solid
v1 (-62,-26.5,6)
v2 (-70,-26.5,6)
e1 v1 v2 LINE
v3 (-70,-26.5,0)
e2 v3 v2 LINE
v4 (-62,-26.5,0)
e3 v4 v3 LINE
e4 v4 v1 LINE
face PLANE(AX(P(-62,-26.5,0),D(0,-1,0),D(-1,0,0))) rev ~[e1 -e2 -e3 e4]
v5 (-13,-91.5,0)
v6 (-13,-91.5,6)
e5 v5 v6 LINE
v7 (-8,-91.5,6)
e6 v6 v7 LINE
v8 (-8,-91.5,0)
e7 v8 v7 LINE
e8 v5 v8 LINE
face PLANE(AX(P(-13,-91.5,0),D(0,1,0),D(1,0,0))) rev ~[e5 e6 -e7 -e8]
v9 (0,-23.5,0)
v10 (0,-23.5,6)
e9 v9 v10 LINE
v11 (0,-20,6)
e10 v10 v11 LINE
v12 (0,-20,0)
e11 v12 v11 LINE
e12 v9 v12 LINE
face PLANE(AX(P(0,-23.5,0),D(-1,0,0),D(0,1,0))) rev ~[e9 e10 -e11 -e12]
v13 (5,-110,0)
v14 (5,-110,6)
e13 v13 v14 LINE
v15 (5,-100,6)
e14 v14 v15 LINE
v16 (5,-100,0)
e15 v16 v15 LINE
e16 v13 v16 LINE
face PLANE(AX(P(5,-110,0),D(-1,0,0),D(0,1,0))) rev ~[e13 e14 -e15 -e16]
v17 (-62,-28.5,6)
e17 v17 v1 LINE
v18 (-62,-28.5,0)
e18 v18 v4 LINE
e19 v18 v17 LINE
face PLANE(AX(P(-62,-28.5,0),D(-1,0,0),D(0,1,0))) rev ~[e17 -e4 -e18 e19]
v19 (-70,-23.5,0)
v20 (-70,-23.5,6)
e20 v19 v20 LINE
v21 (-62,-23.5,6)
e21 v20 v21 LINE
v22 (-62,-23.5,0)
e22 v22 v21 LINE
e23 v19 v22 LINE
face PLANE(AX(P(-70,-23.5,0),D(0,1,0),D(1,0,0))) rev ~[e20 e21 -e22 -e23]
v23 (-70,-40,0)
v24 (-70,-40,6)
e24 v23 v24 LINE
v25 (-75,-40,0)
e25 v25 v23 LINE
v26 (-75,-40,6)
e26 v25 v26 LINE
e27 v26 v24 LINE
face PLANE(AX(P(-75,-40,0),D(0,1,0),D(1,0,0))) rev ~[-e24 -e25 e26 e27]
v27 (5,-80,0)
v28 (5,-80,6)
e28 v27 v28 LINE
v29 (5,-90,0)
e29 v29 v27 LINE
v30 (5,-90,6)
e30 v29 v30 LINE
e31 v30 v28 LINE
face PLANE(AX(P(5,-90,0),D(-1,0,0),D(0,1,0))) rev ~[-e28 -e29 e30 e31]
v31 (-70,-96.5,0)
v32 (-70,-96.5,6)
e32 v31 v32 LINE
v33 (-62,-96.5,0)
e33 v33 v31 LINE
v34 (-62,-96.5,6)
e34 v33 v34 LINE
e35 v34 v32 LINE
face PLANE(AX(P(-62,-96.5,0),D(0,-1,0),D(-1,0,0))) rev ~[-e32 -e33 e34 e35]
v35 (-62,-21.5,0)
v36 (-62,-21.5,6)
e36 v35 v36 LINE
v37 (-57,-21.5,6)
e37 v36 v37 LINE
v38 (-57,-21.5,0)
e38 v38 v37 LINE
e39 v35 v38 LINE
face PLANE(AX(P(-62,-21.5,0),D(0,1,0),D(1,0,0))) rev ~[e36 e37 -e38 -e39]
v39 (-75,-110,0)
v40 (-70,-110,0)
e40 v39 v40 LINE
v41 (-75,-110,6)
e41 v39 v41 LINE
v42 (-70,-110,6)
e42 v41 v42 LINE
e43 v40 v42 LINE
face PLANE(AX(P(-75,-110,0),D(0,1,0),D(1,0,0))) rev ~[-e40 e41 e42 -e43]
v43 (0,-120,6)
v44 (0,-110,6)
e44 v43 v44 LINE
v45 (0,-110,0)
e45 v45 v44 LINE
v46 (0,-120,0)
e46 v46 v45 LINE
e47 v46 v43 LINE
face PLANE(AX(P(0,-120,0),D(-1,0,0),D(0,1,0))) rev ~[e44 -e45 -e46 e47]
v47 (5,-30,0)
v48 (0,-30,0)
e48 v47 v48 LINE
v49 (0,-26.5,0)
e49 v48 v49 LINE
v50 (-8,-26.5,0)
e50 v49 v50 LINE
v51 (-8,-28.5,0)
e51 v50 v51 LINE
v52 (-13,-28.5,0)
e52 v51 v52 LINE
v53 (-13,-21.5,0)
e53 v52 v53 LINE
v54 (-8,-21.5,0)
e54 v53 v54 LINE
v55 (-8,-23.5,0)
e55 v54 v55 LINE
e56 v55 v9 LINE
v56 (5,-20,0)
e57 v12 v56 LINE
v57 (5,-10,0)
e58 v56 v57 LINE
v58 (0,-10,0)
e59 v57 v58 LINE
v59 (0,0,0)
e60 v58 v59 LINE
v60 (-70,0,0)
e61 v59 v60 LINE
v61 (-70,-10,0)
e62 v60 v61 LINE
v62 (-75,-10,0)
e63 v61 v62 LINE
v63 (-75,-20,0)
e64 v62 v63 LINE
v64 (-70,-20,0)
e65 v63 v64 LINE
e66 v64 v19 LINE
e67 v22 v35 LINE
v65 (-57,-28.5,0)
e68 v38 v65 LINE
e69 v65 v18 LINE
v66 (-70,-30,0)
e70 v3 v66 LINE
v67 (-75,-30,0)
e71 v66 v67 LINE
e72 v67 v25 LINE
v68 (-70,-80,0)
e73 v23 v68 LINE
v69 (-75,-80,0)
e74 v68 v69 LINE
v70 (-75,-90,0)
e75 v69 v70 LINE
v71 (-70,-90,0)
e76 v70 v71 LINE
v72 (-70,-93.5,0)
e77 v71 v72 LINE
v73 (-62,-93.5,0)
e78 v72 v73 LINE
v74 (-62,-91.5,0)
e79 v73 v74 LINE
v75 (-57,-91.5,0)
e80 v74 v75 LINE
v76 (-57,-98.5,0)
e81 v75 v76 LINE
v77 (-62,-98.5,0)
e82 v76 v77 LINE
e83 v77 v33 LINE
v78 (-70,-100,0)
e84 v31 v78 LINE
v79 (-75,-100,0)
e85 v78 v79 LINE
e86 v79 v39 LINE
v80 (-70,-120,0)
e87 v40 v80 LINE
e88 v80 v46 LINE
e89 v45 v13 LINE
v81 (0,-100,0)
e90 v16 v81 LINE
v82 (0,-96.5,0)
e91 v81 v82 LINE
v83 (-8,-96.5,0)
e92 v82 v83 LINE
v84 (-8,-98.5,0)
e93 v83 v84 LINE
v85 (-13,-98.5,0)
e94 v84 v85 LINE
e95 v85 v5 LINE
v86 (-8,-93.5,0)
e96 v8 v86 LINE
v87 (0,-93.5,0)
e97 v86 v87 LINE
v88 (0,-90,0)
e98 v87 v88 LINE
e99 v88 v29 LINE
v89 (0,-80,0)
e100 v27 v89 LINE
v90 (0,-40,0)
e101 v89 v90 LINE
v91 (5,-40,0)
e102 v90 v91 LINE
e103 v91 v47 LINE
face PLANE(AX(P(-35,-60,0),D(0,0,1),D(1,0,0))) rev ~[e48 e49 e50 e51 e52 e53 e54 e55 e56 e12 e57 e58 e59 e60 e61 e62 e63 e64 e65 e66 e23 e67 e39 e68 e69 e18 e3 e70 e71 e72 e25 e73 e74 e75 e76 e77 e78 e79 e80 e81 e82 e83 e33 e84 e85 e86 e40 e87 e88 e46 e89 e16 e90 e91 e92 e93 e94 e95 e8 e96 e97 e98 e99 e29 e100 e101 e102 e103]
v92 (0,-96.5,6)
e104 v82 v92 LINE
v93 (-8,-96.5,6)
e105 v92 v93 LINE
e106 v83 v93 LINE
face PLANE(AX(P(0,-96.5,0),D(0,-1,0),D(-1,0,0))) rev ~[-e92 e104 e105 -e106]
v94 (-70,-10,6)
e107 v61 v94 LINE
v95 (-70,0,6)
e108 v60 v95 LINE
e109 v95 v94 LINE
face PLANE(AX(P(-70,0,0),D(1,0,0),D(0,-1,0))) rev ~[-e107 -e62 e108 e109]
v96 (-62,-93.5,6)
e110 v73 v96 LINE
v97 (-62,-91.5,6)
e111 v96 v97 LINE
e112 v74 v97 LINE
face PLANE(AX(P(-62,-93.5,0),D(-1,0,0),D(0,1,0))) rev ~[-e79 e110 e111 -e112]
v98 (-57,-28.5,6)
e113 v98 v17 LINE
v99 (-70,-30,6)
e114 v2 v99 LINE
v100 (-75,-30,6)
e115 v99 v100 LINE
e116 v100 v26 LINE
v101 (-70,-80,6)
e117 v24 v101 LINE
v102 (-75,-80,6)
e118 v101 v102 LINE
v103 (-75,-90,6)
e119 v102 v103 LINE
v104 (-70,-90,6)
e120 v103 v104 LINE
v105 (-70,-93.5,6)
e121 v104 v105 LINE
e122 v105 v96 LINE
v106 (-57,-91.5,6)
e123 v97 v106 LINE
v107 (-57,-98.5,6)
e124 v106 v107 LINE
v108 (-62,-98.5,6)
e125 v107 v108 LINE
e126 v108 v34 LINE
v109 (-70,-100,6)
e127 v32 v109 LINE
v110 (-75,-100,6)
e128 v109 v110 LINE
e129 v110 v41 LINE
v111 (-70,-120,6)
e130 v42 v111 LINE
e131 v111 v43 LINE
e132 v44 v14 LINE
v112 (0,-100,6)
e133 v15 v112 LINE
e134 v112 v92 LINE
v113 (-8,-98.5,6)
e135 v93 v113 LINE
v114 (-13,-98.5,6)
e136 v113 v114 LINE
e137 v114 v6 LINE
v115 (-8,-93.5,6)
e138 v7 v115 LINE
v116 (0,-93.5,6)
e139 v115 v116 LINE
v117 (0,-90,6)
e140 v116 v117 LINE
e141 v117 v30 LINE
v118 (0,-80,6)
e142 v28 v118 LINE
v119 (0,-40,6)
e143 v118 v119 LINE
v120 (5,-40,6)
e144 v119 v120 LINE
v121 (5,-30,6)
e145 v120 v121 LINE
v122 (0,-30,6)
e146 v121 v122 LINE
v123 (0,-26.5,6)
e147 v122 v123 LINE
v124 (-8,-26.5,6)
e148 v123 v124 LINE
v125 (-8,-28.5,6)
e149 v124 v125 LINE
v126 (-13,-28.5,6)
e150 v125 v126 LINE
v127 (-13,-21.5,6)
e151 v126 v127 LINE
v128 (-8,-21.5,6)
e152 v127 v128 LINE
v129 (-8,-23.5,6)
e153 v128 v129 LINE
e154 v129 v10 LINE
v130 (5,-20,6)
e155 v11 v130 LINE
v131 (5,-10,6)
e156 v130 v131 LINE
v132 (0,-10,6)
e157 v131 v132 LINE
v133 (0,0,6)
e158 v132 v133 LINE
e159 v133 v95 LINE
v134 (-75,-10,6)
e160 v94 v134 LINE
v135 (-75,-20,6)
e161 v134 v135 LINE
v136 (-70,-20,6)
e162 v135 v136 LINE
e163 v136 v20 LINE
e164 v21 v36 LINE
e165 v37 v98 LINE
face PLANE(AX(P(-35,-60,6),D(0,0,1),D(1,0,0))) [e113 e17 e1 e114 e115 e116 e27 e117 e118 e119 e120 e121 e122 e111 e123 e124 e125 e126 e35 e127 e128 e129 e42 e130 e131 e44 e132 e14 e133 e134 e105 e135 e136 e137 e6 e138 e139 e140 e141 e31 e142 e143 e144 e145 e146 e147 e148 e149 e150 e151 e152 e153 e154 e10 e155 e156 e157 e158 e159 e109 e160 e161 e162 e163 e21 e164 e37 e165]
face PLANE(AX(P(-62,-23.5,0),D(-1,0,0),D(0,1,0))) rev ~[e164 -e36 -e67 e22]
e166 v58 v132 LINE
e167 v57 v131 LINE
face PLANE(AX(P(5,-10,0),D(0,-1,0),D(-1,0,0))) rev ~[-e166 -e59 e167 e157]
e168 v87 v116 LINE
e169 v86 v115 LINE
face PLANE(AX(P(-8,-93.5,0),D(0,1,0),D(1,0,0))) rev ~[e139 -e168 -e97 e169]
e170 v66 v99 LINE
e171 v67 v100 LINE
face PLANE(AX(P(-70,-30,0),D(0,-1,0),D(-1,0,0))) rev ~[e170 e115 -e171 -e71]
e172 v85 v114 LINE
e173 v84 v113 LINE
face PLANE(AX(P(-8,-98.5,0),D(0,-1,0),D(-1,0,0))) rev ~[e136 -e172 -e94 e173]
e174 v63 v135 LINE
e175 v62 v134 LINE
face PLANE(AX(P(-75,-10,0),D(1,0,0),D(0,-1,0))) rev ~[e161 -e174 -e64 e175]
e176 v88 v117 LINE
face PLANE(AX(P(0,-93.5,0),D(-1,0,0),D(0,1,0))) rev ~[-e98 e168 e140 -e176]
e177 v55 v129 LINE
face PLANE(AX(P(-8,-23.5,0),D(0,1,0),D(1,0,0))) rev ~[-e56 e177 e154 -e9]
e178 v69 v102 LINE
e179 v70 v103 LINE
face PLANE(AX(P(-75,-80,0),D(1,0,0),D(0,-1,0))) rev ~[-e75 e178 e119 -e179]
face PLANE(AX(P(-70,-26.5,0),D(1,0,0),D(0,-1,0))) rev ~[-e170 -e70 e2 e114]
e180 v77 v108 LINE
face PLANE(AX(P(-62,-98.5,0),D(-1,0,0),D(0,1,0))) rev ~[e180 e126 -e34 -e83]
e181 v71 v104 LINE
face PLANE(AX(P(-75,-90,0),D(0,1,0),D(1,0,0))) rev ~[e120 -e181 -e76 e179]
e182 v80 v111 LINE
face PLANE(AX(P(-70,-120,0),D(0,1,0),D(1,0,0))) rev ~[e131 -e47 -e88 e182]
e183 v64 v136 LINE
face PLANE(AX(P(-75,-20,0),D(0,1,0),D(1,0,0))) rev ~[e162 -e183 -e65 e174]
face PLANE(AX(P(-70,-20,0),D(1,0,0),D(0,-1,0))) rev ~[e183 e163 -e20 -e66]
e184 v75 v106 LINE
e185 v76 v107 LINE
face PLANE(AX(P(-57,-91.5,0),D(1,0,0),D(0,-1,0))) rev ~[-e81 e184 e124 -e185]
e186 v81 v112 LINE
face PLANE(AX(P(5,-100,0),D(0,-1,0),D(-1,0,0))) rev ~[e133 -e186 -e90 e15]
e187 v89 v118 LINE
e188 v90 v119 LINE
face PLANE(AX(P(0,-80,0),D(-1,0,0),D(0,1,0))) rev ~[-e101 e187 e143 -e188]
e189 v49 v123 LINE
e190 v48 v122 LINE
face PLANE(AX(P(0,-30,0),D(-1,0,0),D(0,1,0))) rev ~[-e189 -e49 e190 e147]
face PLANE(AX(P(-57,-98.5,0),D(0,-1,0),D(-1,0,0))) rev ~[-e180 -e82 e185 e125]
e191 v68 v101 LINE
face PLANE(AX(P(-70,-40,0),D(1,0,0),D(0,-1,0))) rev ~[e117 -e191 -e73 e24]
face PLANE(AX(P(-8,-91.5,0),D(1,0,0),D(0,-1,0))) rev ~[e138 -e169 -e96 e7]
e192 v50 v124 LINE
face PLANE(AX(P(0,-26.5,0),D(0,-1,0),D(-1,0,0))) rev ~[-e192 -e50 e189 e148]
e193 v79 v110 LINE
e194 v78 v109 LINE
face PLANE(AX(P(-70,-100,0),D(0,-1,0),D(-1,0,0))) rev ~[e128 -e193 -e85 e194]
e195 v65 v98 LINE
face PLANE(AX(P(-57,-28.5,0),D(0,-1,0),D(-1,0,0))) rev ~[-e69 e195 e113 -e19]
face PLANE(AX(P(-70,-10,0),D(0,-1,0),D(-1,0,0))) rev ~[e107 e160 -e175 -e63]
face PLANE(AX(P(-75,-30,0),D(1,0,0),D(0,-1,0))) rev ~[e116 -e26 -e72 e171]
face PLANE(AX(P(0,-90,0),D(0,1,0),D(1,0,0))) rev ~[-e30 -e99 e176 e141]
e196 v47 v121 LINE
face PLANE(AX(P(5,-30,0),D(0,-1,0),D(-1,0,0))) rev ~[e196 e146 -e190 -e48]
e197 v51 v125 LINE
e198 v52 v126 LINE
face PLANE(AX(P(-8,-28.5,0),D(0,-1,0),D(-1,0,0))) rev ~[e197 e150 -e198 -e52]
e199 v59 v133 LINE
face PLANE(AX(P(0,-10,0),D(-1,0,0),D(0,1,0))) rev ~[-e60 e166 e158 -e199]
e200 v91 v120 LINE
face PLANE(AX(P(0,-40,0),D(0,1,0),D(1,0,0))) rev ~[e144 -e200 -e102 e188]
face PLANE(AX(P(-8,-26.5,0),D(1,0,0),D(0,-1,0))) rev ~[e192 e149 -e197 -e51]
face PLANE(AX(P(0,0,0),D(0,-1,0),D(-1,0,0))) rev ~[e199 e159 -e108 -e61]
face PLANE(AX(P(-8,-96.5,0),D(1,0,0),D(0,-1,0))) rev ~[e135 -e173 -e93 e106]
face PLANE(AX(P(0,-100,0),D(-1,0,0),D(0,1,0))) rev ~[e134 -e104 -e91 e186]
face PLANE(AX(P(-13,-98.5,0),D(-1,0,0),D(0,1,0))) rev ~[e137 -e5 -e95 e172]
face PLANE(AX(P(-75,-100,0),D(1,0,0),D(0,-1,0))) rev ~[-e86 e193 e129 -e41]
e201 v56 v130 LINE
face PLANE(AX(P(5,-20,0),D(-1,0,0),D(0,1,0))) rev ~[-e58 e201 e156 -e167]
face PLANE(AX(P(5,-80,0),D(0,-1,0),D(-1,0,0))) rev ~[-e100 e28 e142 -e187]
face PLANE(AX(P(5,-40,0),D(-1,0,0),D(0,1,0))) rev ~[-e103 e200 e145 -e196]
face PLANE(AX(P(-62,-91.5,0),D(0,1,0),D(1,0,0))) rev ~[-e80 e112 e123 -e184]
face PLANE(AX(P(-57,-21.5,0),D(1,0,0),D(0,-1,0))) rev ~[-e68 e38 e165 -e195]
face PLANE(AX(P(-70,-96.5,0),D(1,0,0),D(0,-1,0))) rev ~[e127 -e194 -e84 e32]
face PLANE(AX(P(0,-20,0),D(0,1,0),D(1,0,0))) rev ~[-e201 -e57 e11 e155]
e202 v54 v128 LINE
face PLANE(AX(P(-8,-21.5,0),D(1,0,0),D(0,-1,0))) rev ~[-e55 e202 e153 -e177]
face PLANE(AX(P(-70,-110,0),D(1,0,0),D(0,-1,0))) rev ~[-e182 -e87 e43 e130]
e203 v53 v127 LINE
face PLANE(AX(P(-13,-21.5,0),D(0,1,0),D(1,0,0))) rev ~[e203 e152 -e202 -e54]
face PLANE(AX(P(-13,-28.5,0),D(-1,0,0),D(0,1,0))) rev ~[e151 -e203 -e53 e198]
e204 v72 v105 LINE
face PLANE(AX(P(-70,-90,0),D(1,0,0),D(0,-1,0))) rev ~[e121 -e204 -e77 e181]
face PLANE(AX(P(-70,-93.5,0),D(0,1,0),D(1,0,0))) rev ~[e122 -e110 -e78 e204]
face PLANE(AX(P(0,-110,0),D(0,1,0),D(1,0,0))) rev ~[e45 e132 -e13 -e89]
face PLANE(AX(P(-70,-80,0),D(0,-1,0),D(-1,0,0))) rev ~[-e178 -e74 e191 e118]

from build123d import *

# Parameters (mm, degrees)
RESSALTO_EXTRUS_O1_DEPTH = 6


with BuildPart() as part:
    # Model → Ressalto-extrusão1 (new body)
    with BuildSketch(Plane.XY):
        Polygon((0, -10), (0, 0), (-70, 0), (-70, -10), (-75, -10), (-75, -20), (-70, -20), (-70, -23.5), (-62, -23.5), (-62, -21.5), (-57, -21.5), (-57, -28.5), (-62, -28.5), (-62, -26.5), (-70, -26.5), (-70, -30), (-75, -30), (-75, -40), (-70, -40), (-70, -80), (-75, -80), (-75, -90), (-70, -90), (-70, -93.5), (-62, -93.5), (-62, -91.5), (-57, -91.5), (-57, -98.5), (-62, -98.5), (-62, -96.5), (-70, -96.5), (-70, -100), (-75, -100), (-75, -110), (-70, -110), (-70, -120), (0, -120), (0, -110), (5, -110), (5, -100), (0, -100), (0, -96.5), (-8, -96.5), (-8, -98.5), (-13, -98.5), (-13, -91.5), (-8, -91.5), (-8, -93.5), (0, -93.5), (0, -90), (5, -90), (5, -80), (0, -80), (0, -40), (5, -40), (5, -30), (0, -30), (0, -26.5), (-8, -26.5), (-8, -28.5), (-13, -28.5), (-13, -21.5), (-8, -21.5), (-8, -23.5), (0, -23.5), (0, -20), (5, -20), (5, -10), align=None)
    extrude(amount=RESSALTO_EXTRUS_O1_DEPTH)


solid = part.part
